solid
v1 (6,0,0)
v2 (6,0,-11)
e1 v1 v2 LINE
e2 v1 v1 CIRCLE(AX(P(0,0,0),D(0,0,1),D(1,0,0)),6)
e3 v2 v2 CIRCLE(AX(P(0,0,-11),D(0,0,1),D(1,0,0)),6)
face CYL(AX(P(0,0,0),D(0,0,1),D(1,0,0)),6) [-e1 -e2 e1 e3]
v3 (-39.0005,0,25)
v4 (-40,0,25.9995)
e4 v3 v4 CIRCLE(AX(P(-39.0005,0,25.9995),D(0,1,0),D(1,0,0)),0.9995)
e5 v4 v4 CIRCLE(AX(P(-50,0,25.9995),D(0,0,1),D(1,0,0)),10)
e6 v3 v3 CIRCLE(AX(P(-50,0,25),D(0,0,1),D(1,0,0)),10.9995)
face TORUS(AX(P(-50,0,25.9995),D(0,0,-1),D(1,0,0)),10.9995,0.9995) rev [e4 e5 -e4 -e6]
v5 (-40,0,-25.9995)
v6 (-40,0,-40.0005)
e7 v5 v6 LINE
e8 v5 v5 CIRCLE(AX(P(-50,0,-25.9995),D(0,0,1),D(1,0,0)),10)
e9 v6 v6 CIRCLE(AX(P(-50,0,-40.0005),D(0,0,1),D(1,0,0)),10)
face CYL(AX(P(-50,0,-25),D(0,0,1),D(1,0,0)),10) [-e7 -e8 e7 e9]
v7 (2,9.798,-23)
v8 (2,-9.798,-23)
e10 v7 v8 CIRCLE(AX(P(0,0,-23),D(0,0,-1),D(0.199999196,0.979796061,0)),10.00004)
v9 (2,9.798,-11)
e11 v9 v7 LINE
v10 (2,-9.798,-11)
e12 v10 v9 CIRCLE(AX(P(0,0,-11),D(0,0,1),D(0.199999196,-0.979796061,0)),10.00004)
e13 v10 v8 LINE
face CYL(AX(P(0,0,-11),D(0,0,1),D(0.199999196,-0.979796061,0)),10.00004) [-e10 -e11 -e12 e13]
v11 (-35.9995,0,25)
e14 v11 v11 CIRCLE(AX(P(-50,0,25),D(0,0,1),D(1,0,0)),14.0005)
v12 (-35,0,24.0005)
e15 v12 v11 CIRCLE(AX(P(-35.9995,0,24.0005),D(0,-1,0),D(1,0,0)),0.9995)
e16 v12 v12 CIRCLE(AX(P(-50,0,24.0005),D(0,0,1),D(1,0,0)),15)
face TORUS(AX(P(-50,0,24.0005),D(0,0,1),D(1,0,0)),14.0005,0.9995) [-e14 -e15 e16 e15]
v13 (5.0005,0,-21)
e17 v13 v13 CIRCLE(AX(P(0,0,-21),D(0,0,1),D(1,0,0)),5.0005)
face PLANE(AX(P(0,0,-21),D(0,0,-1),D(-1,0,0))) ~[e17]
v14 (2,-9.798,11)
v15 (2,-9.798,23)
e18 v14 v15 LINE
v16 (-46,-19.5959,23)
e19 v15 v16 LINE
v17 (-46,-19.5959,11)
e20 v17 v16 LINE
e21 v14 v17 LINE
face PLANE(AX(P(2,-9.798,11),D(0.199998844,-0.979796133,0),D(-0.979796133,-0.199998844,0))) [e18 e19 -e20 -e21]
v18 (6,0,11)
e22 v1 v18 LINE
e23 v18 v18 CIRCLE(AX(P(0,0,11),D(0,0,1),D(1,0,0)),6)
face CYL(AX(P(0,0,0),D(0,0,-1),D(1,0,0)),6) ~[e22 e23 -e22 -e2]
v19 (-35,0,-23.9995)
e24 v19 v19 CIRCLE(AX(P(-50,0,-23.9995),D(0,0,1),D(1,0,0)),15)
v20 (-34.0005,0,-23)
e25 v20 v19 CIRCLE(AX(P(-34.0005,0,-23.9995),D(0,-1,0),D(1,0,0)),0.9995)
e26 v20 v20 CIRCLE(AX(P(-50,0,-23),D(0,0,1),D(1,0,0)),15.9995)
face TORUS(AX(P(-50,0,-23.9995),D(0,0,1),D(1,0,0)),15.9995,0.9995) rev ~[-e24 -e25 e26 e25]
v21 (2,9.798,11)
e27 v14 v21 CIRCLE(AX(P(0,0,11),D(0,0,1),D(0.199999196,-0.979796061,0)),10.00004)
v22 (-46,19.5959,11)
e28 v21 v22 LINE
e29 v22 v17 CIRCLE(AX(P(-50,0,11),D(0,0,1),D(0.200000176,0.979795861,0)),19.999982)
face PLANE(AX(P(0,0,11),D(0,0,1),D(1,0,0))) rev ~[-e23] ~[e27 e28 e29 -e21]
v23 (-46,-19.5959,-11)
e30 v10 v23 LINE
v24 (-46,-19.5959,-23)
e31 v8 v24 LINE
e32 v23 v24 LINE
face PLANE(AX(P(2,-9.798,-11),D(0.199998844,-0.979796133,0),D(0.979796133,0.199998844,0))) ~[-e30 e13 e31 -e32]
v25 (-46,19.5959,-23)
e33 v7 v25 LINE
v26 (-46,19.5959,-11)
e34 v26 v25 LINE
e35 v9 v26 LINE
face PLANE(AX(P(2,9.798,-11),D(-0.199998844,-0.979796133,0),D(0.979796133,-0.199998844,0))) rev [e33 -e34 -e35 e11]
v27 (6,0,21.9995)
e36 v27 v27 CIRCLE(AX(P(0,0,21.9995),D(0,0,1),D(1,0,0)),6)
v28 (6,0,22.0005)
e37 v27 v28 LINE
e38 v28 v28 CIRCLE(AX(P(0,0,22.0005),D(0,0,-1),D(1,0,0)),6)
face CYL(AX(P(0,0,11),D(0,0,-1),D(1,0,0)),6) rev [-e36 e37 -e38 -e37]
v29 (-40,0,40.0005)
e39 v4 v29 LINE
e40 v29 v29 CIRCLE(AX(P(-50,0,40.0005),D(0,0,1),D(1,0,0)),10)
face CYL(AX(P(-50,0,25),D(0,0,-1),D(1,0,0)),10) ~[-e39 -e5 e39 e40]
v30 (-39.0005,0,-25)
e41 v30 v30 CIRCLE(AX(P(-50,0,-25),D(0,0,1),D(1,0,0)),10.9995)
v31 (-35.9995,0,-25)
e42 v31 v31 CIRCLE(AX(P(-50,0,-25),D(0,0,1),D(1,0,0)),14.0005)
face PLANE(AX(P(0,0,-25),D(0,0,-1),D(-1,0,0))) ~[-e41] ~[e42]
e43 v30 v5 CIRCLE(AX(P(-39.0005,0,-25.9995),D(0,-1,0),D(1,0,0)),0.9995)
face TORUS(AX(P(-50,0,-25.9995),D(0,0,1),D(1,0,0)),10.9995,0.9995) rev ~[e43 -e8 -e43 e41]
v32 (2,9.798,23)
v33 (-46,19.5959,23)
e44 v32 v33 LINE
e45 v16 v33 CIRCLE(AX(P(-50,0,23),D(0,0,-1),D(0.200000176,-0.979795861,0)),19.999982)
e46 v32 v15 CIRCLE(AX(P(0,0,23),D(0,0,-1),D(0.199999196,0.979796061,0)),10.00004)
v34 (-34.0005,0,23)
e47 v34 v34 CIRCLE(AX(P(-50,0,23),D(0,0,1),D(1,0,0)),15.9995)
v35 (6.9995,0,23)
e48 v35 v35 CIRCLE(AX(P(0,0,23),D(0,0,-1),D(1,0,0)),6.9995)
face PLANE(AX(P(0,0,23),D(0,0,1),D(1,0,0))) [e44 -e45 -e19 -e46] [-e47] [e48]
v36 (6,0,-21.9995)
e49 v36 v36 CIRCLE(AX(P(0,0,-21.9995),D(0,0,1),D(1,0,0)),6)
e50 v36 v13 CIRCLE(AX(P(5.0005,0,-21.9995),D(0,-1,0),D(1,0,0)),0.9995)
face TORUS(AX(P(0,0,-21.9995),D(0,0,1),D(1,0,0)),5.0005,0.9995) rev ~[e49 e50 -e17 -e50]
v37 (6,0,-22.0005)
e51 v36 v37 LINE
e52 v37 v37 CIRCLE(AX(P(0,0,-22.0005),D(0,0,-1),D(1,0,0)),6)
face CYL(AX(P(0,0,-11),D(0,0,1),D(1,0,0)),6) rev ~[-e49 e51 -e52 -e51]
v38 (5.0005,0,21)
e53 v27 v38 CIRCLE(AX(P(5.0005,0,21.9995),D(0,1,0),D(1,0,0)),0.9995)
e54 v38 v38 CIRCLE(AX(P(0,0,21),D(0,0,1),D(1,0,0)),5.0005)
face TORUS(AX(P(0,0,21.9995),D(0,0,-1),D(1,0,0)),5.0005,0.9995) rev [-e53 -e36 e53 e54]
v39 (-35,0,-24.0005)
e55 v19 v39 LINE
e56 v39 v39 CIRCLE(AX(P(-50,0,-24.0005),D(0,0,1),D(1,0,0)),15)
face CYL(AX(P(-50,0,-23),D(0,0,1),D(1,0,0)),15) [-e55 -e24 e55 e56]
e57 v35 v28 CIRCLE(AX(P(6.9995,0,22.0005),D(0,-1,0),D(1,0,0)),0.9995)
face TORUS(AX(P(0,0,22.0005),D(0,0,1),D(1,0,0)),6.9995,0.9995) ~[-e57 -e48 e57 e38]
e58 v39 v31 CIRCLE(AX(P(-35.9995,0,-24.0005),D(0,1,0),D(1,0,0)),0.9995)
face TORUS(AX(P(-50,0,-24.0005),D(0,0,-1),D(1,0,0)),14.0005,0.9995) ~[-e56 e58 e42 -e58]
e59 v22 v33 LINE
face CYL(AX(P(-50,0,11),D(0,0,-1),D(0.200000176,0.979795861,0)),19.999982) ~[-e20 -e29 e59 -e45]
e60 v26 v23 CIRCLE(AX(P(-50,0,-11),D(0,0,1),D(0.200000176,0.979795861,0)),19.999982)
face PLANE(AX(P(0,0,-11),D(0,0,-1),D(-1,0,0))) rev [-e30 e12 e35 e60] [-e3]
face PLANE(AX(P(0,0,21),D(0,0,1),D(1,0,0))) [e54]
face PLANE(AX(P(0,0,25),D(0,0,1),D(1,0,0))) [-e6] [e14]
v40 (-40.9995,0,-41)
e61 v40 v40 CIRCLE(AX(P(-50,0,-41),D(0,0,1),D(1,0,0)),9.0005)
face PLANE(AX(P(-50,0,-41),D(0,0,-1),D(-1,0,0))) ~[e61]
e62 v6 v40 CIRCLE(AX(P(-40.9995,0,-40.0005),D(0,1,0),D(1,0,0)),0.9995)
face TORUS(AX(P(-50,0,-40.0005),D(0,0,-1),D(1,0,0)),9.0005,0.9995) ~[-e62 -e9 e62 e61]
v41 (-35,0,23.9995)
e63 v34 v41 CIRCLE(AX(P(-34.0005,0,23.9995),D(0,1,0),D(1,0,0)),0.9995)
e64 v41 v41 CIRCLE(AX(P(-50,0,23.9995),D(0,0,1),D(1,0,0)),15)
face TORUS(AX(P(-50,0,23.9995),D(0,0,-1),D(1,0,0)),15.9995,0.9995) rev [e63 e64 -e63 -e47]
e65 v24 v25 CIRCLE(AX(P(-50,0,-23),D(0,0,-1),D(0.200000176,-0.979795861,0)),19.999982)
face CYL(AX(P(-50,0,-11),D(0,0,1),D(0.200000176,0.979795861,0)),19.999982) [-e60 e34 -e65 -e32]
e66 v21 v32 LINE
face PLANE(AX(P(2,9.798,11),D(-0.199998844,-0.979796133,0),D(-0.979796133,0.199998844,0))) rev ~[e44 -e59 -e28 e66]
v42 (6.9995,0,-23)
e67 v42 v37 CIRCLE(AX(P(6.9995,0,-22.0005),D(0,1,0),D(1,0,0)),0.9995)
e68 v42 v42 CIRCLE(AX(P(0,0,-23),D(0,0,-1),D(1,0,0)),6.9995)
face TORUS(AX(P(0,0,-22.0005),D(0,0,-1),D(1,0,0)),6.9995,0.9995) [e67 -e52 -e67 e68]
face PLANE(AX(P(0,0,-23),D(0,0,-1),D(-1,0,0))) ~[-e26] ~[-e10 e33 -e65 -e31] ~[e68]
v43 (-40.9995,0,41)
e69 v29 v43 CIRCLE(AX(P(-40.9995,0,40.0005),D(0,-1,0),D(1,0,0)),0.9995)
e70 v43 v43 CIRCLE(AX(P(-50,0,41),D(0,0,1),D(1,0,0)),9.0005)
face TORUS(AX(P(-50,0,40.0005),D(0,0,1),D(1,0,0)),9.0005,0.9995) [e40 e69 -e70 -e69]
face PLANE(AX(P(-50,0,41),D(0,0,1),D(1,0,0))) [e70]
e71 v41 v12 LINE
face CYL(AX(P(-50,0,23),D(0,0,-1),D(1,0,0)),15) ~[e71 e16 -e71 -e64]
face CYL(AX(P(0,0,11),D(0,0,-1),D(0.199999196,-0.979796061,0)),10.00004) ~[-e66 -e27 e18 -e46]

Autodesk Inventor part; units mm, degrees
ref_plane "YZ Plane" through (0, 0, 0) normal (1, 0, 0) x (0, 1, 0)
ref_plane "XZ Plane" through (0, 0, 0) normal (0, 1, 0) x (-1, 0, 0)
sketch "Sketch1" plane through (0, 0, 0) normal (0, 0, 1) x (1, 0, 0)
  circle A0 centre (0, 0) radius 6
  dimension "d0" = 12
extrude "Extrusion1" add sketch "Sketch1" along normal blind 21
ref_plane "Work Plane1" through (0, 0, 11) normal (0, 0, 1) x (1, 0, 0)
sketch "Sketch2" plane through (0, 0, 11) normal (0, 0, 1) x (1, 0, 0)
  arc A0 (2, -9.798) -> (2, 9.798) centre (0, 0) ccw
  arc A1 (-46, 19.5959) -> (-46, -19.5959) centre (-50, 0) ccw
  line L0 (-86, 0) -> (26, 0) projected
  line L1 (2, 9.798) -> (-46, 19.5959)
  line L2 (2, -9.798) -> (-46, -19.5959)
  circle A2 centre (0, 0) radius 6 projected
  circle A3 centre (0, 0) radius 6
  dimension "d4" = 20
  dimension "d5" = 40
  dimension "d6" = 50
extrude "Extrusion2" add sketch "Sketch2" along normal blind 12 contours L2 A1 L0 A2 A0 | L0 A2 A1 L1 A0
sketch "Sketch3" plane through (0, 0, 23) normal (0, 0, 1) x (1, 0, 0)
  circle A0 centre (-50, 0) radius 15
  circle A1 centre (0, 0) radius 6 projected
  arc A2 (2, -9.798) -> (2, 9.798) centre (0, 0) ccw projected
  line L0 (2, 9.798) -> (-46, 19.5959) projected
  arc A3 (-46, 19.5959) -> (-46, -19.5959) centre (-50, 0) ccw projected
  line L1 (-46, -19.5959) -> (2, -9.798) projected
  dimension "d9" = 30
extrude "Extrusion3" add sketch "Sketch3" along normal blind 2 contours A0
sketch "Sketch4" plane through (-50, 0, 25) normal (0, 0, 1) x (1, 0, 0)
  circle A0 centre (0, 0) radius 10
  circle A1 centre (0, 0) radius 15 projected
  point P0 (50, 0)
  dimension "d12" = 20
extrude "Extrusion4" add sketch "Sketch4" along normal blind 16 contours A0
fillet "Fillet1" radius 1 6 edges at (-6, 0, 23) (-65, 0, 25) (-60, 0, 41) (-6, 0, 21) (-65, 0, 23) (-60, 0, 25)
mirror "Mirror1" about plane through (0, 0, 0) normal (0, 0, 1) of "Extrusion1", "Extrusion2", "Extrusion3", "Extrusion4", "Fillet1"
properties part number "Crank" material "Steel, Carbon"
